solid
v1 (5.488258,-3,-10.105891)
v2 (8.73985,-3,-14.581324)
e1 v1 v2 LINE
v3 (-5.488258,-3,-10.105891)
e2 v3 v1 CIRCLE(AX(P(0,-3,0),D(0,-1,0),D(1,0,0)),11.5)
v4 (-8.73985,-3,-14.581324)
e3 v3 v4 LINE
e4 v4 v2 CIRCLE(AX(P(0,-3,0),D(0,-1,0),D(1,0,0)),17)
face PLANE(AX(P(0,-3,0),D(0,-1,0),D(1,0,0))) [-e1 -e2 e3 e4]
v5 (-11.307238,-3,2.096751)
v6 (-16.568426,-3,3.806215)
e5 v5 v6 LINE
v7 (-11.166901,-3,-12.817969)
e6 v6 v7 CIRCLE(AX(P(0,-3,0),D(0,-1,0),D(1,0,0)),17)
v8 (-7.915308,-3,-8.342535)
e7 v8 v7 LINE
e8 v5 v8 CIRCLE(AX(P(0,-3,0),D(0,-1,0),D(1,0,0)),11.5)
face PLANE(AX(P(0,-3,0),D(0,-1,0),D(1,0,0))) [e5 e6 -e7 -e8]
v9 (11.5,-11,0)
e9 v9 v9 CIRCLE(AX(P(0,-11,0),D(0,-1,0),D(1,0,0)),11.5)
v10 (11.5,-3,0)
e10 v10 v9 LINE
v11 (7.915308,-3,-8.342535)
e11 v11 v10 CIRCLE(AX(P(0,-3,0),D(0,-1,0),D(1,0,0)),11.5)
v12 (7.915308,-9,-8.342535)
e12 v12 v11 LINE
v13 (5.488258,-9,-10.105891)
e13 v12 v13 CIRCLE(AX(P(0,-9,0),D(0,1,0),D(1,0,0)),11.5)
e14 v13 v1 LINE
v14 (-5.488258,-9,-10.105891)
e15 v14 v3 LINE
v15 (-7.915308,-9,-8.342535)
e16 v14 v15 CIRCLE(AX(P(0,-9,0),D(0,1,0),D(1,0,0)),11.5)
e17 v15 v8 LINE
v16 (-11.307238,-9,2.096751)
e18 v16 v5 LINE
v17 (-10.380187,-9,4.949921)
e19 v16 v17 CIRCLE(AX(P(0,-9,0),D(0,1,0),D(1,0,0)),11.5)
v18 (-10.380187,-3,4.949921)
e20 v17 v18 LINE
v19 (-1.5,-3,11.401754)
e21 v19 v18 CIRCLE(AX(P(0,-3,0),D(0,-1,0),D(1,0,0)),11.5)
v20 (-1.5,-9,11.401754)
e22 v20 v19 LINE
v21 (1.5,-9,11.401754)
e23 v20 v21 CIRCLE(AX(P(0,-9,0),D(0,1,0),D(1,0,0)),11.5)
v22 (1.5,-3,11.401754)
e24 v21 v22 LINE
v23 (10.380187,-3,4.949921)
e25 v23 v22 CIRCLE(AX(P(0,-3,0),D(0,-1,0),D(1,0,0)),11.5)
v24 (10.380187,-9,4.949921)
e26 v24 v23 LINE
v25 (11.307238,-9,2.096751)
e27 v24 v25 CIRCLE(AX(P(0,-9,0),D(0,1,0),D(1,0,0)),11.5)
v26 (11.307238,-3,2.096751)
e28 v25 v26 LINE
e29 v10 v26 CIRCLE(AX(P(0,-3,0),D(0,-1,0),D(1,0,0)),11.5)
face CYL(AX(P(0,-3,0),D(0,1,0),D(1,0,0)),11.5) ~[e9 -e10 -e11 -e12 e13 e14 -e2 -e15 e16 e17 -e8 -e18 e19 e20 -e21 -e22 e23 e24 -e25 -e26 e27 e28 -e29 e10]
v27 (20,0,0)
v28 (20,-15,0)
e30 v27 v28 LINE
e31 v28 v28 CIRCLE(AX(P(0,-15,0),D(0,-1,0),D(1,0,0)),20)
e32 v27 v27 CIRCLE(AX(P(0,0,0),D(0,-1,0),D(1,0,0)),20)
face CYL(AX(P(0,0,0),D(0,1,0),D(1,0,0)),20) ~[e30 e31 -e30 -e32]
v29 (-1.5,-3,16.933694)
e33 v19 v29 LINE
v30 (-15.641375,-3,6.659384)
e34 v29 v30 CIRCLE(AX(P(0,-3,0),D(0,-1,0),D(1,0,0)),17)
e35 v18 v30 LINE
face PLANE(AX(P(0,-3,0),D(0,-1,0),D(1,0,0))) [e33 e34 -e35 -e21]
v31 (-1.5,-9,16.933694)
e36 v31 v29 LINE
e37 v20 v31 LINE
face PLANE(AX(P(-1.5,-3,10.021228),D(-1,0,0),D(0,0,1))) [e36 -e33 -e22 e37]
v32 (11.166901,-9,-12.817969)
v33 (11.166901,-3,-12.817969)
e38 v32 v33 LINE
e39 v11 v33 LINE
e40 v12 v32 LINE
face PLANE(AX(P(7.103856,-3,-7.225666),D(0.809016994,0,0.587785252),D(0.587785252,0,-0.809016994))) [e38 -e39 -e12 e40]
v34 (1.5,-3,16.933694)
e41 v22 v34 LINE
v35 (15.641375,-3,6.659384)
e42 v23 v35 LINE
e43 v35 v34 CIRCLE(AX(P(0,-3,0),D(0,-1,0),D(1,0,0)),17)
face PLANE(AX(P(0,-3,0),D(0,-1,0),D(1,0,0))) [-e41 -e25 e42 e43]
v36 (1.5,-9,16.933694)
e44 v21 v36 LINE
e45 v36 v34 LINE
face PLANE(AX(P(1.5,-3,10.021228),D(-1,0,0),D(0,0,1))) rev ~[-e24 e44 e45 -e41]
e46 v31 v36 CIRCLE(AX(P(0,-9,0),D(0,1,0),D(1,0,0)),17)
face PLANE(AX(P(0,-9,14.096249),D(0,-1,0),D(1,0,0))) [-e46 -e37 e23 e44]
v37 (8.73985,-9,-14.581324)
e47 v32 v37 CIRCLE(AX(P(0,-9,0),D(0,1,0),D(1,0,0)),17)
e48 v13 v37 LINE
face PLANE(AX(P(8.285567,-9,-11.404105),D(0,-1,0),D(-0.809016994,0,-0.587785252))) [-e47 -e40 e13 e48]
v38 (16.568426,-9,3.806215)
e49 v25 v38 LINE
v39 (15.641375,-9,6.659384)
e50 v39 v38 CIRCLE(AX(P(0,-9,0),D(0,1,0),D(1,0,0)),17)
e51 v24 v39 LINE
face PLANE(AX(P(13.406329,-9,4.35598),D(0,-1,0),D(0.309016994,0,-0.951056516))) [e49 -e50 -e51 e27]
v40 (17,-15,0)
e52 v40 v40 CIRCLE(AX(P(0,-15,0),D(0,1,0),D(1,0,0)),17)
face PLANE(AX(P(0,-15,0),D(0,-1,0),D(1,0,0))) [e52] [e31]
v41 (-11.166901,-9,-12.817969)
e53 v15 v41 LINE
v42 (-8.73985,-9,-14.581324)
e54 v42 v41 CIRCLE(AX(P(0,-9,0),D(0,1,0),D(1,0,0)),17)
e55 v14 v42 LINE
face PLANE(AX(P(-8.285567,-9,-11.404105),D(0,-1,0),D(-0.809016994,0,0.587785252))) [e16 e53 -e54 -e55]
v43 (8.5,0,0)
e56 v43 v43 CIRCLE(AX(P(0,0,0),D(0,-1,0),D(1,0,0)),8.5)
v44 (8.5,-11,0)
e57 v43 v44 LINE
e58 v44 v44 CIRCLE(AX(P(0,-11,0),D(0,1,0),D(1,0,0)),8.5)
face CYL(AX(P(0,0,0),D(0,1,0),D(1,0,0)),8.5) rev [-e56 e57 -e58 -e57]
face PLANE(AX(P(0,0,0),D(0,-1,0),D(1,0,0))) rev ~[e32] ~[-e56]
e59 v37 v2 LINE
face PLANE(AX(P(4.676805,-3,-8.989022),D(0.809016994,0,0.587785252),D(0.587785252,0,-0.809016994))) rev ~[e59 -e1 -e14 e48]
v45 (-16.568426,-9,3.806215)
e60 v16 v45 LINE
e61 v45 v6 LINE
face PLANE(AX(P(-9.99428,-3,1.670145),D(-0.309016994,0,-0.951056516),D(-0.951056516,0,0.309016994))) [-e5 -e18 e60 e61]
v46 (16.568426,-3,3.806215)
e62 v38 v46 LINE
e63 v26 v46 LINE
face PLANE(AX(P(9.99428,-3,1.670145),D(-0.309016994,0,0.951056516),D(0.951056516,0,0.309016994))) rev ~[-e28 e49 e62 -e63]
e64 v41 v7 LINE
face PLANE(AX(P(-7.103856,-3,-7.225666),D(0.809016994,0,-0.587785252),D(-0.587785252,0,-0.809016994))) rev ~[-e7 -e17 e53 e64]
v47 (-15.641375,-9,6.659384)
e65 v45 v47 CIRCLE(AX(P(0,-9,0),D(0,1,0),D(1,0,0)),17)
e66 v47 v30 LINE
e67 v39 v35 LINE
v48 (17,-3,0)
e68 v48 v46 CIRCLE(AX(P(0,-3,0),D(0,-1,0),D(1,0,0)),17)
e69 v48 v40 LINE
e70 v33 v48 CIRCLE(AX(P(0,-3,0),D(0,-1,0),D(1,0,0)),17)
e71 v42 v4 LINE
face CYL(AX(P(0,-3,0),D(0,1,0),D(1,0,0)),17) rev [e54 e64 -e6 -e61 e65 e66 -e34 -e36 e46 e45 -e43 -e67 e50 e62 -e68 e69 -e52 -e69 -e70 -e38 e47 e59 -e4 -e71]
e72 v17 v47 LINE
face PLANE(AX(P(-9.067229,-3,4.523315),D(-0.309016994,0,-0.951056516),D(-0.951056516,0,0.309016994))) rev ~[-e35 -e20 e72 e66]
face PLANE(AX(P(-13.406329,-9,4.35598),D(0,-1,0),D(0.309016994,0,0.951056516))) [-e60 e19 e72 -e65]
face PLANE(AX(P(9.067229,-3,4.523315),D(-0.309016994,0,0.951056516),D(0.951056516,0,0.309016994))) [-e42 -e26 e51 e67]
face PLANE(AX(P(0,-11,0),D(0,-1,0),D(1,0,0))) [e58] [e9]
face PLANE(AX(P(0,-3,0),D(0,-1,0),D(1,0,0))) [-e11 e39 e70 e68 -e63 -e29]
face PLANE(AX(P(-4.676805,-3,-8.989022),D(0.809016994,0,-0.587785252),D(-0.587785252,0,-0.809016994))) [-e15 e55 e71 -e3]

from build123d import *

# Parameters (mm, degrees)
SKETCH_R           = 20
SKETCH_R_2         = 8.5
PAD_DEPTH          = 15
SKETCH001_R        = 17
SKETCH001_R_2      = 11.5
POCKET_DEPTH       = 12.001
SKETCH002_W        = 3
SKETCH002_H        = 8.150041
PAD001_DEPTH       = 6
POLARPATTERN_COUNT = 5
SKETCH003_R        = 11.5
POCKET001_DEPTH    = 4.001


with BuildPart() as part:
    # Sketch → Pad (new body)
    with BuildSketch(Plane.XZ):
        Circle(SKETCH_R)
        Circle(SKETCH_R_2, mode=Mode.SUBTRACT)
    extrude(amount=PAD_DEPTH)

    # Sketch001 → Pocket (cut, through all)
    with BuildSketch(Plane.XZ.offset(3)):
        Circle(SKETCH001_R)
        Circle(SKETCH001_R_2, mode=Mode.SUBTRACT)
    extrude(amount=POCKET_DEPTH, mode=Mode.SUBTRACT)

    # Sketch002 → Pad001 (join)
    with BuildSketch(Plane.XZ.offset(3)):
        with Locations((0, 14.096249)):
            Rectangle(SKETCH002_W, SKETCH002_H)
    pad001 = extrude(amount=PAD001_DEPTH)

    # PolarPattern: Pad001 ×5 about axis
    polarpattern_axis = Axis((0, -3, 0), (0, -1, 0))
    for i in range(1, POLARPATTERN_COUNT):
        add(pad001.rotate(polarpattern_axis, i * 360 / POLARPATTERN_COUNT))

    # Sketch003 → Pocket001 (cut, through all)
    with BuildSketch(Plane.XZ.offset(11)):
        Circle(SKETCH003_R)
    extrude(amount=POCKET001_DEPTH, mode=Mode.SUBTRACT)


solid = part.part
